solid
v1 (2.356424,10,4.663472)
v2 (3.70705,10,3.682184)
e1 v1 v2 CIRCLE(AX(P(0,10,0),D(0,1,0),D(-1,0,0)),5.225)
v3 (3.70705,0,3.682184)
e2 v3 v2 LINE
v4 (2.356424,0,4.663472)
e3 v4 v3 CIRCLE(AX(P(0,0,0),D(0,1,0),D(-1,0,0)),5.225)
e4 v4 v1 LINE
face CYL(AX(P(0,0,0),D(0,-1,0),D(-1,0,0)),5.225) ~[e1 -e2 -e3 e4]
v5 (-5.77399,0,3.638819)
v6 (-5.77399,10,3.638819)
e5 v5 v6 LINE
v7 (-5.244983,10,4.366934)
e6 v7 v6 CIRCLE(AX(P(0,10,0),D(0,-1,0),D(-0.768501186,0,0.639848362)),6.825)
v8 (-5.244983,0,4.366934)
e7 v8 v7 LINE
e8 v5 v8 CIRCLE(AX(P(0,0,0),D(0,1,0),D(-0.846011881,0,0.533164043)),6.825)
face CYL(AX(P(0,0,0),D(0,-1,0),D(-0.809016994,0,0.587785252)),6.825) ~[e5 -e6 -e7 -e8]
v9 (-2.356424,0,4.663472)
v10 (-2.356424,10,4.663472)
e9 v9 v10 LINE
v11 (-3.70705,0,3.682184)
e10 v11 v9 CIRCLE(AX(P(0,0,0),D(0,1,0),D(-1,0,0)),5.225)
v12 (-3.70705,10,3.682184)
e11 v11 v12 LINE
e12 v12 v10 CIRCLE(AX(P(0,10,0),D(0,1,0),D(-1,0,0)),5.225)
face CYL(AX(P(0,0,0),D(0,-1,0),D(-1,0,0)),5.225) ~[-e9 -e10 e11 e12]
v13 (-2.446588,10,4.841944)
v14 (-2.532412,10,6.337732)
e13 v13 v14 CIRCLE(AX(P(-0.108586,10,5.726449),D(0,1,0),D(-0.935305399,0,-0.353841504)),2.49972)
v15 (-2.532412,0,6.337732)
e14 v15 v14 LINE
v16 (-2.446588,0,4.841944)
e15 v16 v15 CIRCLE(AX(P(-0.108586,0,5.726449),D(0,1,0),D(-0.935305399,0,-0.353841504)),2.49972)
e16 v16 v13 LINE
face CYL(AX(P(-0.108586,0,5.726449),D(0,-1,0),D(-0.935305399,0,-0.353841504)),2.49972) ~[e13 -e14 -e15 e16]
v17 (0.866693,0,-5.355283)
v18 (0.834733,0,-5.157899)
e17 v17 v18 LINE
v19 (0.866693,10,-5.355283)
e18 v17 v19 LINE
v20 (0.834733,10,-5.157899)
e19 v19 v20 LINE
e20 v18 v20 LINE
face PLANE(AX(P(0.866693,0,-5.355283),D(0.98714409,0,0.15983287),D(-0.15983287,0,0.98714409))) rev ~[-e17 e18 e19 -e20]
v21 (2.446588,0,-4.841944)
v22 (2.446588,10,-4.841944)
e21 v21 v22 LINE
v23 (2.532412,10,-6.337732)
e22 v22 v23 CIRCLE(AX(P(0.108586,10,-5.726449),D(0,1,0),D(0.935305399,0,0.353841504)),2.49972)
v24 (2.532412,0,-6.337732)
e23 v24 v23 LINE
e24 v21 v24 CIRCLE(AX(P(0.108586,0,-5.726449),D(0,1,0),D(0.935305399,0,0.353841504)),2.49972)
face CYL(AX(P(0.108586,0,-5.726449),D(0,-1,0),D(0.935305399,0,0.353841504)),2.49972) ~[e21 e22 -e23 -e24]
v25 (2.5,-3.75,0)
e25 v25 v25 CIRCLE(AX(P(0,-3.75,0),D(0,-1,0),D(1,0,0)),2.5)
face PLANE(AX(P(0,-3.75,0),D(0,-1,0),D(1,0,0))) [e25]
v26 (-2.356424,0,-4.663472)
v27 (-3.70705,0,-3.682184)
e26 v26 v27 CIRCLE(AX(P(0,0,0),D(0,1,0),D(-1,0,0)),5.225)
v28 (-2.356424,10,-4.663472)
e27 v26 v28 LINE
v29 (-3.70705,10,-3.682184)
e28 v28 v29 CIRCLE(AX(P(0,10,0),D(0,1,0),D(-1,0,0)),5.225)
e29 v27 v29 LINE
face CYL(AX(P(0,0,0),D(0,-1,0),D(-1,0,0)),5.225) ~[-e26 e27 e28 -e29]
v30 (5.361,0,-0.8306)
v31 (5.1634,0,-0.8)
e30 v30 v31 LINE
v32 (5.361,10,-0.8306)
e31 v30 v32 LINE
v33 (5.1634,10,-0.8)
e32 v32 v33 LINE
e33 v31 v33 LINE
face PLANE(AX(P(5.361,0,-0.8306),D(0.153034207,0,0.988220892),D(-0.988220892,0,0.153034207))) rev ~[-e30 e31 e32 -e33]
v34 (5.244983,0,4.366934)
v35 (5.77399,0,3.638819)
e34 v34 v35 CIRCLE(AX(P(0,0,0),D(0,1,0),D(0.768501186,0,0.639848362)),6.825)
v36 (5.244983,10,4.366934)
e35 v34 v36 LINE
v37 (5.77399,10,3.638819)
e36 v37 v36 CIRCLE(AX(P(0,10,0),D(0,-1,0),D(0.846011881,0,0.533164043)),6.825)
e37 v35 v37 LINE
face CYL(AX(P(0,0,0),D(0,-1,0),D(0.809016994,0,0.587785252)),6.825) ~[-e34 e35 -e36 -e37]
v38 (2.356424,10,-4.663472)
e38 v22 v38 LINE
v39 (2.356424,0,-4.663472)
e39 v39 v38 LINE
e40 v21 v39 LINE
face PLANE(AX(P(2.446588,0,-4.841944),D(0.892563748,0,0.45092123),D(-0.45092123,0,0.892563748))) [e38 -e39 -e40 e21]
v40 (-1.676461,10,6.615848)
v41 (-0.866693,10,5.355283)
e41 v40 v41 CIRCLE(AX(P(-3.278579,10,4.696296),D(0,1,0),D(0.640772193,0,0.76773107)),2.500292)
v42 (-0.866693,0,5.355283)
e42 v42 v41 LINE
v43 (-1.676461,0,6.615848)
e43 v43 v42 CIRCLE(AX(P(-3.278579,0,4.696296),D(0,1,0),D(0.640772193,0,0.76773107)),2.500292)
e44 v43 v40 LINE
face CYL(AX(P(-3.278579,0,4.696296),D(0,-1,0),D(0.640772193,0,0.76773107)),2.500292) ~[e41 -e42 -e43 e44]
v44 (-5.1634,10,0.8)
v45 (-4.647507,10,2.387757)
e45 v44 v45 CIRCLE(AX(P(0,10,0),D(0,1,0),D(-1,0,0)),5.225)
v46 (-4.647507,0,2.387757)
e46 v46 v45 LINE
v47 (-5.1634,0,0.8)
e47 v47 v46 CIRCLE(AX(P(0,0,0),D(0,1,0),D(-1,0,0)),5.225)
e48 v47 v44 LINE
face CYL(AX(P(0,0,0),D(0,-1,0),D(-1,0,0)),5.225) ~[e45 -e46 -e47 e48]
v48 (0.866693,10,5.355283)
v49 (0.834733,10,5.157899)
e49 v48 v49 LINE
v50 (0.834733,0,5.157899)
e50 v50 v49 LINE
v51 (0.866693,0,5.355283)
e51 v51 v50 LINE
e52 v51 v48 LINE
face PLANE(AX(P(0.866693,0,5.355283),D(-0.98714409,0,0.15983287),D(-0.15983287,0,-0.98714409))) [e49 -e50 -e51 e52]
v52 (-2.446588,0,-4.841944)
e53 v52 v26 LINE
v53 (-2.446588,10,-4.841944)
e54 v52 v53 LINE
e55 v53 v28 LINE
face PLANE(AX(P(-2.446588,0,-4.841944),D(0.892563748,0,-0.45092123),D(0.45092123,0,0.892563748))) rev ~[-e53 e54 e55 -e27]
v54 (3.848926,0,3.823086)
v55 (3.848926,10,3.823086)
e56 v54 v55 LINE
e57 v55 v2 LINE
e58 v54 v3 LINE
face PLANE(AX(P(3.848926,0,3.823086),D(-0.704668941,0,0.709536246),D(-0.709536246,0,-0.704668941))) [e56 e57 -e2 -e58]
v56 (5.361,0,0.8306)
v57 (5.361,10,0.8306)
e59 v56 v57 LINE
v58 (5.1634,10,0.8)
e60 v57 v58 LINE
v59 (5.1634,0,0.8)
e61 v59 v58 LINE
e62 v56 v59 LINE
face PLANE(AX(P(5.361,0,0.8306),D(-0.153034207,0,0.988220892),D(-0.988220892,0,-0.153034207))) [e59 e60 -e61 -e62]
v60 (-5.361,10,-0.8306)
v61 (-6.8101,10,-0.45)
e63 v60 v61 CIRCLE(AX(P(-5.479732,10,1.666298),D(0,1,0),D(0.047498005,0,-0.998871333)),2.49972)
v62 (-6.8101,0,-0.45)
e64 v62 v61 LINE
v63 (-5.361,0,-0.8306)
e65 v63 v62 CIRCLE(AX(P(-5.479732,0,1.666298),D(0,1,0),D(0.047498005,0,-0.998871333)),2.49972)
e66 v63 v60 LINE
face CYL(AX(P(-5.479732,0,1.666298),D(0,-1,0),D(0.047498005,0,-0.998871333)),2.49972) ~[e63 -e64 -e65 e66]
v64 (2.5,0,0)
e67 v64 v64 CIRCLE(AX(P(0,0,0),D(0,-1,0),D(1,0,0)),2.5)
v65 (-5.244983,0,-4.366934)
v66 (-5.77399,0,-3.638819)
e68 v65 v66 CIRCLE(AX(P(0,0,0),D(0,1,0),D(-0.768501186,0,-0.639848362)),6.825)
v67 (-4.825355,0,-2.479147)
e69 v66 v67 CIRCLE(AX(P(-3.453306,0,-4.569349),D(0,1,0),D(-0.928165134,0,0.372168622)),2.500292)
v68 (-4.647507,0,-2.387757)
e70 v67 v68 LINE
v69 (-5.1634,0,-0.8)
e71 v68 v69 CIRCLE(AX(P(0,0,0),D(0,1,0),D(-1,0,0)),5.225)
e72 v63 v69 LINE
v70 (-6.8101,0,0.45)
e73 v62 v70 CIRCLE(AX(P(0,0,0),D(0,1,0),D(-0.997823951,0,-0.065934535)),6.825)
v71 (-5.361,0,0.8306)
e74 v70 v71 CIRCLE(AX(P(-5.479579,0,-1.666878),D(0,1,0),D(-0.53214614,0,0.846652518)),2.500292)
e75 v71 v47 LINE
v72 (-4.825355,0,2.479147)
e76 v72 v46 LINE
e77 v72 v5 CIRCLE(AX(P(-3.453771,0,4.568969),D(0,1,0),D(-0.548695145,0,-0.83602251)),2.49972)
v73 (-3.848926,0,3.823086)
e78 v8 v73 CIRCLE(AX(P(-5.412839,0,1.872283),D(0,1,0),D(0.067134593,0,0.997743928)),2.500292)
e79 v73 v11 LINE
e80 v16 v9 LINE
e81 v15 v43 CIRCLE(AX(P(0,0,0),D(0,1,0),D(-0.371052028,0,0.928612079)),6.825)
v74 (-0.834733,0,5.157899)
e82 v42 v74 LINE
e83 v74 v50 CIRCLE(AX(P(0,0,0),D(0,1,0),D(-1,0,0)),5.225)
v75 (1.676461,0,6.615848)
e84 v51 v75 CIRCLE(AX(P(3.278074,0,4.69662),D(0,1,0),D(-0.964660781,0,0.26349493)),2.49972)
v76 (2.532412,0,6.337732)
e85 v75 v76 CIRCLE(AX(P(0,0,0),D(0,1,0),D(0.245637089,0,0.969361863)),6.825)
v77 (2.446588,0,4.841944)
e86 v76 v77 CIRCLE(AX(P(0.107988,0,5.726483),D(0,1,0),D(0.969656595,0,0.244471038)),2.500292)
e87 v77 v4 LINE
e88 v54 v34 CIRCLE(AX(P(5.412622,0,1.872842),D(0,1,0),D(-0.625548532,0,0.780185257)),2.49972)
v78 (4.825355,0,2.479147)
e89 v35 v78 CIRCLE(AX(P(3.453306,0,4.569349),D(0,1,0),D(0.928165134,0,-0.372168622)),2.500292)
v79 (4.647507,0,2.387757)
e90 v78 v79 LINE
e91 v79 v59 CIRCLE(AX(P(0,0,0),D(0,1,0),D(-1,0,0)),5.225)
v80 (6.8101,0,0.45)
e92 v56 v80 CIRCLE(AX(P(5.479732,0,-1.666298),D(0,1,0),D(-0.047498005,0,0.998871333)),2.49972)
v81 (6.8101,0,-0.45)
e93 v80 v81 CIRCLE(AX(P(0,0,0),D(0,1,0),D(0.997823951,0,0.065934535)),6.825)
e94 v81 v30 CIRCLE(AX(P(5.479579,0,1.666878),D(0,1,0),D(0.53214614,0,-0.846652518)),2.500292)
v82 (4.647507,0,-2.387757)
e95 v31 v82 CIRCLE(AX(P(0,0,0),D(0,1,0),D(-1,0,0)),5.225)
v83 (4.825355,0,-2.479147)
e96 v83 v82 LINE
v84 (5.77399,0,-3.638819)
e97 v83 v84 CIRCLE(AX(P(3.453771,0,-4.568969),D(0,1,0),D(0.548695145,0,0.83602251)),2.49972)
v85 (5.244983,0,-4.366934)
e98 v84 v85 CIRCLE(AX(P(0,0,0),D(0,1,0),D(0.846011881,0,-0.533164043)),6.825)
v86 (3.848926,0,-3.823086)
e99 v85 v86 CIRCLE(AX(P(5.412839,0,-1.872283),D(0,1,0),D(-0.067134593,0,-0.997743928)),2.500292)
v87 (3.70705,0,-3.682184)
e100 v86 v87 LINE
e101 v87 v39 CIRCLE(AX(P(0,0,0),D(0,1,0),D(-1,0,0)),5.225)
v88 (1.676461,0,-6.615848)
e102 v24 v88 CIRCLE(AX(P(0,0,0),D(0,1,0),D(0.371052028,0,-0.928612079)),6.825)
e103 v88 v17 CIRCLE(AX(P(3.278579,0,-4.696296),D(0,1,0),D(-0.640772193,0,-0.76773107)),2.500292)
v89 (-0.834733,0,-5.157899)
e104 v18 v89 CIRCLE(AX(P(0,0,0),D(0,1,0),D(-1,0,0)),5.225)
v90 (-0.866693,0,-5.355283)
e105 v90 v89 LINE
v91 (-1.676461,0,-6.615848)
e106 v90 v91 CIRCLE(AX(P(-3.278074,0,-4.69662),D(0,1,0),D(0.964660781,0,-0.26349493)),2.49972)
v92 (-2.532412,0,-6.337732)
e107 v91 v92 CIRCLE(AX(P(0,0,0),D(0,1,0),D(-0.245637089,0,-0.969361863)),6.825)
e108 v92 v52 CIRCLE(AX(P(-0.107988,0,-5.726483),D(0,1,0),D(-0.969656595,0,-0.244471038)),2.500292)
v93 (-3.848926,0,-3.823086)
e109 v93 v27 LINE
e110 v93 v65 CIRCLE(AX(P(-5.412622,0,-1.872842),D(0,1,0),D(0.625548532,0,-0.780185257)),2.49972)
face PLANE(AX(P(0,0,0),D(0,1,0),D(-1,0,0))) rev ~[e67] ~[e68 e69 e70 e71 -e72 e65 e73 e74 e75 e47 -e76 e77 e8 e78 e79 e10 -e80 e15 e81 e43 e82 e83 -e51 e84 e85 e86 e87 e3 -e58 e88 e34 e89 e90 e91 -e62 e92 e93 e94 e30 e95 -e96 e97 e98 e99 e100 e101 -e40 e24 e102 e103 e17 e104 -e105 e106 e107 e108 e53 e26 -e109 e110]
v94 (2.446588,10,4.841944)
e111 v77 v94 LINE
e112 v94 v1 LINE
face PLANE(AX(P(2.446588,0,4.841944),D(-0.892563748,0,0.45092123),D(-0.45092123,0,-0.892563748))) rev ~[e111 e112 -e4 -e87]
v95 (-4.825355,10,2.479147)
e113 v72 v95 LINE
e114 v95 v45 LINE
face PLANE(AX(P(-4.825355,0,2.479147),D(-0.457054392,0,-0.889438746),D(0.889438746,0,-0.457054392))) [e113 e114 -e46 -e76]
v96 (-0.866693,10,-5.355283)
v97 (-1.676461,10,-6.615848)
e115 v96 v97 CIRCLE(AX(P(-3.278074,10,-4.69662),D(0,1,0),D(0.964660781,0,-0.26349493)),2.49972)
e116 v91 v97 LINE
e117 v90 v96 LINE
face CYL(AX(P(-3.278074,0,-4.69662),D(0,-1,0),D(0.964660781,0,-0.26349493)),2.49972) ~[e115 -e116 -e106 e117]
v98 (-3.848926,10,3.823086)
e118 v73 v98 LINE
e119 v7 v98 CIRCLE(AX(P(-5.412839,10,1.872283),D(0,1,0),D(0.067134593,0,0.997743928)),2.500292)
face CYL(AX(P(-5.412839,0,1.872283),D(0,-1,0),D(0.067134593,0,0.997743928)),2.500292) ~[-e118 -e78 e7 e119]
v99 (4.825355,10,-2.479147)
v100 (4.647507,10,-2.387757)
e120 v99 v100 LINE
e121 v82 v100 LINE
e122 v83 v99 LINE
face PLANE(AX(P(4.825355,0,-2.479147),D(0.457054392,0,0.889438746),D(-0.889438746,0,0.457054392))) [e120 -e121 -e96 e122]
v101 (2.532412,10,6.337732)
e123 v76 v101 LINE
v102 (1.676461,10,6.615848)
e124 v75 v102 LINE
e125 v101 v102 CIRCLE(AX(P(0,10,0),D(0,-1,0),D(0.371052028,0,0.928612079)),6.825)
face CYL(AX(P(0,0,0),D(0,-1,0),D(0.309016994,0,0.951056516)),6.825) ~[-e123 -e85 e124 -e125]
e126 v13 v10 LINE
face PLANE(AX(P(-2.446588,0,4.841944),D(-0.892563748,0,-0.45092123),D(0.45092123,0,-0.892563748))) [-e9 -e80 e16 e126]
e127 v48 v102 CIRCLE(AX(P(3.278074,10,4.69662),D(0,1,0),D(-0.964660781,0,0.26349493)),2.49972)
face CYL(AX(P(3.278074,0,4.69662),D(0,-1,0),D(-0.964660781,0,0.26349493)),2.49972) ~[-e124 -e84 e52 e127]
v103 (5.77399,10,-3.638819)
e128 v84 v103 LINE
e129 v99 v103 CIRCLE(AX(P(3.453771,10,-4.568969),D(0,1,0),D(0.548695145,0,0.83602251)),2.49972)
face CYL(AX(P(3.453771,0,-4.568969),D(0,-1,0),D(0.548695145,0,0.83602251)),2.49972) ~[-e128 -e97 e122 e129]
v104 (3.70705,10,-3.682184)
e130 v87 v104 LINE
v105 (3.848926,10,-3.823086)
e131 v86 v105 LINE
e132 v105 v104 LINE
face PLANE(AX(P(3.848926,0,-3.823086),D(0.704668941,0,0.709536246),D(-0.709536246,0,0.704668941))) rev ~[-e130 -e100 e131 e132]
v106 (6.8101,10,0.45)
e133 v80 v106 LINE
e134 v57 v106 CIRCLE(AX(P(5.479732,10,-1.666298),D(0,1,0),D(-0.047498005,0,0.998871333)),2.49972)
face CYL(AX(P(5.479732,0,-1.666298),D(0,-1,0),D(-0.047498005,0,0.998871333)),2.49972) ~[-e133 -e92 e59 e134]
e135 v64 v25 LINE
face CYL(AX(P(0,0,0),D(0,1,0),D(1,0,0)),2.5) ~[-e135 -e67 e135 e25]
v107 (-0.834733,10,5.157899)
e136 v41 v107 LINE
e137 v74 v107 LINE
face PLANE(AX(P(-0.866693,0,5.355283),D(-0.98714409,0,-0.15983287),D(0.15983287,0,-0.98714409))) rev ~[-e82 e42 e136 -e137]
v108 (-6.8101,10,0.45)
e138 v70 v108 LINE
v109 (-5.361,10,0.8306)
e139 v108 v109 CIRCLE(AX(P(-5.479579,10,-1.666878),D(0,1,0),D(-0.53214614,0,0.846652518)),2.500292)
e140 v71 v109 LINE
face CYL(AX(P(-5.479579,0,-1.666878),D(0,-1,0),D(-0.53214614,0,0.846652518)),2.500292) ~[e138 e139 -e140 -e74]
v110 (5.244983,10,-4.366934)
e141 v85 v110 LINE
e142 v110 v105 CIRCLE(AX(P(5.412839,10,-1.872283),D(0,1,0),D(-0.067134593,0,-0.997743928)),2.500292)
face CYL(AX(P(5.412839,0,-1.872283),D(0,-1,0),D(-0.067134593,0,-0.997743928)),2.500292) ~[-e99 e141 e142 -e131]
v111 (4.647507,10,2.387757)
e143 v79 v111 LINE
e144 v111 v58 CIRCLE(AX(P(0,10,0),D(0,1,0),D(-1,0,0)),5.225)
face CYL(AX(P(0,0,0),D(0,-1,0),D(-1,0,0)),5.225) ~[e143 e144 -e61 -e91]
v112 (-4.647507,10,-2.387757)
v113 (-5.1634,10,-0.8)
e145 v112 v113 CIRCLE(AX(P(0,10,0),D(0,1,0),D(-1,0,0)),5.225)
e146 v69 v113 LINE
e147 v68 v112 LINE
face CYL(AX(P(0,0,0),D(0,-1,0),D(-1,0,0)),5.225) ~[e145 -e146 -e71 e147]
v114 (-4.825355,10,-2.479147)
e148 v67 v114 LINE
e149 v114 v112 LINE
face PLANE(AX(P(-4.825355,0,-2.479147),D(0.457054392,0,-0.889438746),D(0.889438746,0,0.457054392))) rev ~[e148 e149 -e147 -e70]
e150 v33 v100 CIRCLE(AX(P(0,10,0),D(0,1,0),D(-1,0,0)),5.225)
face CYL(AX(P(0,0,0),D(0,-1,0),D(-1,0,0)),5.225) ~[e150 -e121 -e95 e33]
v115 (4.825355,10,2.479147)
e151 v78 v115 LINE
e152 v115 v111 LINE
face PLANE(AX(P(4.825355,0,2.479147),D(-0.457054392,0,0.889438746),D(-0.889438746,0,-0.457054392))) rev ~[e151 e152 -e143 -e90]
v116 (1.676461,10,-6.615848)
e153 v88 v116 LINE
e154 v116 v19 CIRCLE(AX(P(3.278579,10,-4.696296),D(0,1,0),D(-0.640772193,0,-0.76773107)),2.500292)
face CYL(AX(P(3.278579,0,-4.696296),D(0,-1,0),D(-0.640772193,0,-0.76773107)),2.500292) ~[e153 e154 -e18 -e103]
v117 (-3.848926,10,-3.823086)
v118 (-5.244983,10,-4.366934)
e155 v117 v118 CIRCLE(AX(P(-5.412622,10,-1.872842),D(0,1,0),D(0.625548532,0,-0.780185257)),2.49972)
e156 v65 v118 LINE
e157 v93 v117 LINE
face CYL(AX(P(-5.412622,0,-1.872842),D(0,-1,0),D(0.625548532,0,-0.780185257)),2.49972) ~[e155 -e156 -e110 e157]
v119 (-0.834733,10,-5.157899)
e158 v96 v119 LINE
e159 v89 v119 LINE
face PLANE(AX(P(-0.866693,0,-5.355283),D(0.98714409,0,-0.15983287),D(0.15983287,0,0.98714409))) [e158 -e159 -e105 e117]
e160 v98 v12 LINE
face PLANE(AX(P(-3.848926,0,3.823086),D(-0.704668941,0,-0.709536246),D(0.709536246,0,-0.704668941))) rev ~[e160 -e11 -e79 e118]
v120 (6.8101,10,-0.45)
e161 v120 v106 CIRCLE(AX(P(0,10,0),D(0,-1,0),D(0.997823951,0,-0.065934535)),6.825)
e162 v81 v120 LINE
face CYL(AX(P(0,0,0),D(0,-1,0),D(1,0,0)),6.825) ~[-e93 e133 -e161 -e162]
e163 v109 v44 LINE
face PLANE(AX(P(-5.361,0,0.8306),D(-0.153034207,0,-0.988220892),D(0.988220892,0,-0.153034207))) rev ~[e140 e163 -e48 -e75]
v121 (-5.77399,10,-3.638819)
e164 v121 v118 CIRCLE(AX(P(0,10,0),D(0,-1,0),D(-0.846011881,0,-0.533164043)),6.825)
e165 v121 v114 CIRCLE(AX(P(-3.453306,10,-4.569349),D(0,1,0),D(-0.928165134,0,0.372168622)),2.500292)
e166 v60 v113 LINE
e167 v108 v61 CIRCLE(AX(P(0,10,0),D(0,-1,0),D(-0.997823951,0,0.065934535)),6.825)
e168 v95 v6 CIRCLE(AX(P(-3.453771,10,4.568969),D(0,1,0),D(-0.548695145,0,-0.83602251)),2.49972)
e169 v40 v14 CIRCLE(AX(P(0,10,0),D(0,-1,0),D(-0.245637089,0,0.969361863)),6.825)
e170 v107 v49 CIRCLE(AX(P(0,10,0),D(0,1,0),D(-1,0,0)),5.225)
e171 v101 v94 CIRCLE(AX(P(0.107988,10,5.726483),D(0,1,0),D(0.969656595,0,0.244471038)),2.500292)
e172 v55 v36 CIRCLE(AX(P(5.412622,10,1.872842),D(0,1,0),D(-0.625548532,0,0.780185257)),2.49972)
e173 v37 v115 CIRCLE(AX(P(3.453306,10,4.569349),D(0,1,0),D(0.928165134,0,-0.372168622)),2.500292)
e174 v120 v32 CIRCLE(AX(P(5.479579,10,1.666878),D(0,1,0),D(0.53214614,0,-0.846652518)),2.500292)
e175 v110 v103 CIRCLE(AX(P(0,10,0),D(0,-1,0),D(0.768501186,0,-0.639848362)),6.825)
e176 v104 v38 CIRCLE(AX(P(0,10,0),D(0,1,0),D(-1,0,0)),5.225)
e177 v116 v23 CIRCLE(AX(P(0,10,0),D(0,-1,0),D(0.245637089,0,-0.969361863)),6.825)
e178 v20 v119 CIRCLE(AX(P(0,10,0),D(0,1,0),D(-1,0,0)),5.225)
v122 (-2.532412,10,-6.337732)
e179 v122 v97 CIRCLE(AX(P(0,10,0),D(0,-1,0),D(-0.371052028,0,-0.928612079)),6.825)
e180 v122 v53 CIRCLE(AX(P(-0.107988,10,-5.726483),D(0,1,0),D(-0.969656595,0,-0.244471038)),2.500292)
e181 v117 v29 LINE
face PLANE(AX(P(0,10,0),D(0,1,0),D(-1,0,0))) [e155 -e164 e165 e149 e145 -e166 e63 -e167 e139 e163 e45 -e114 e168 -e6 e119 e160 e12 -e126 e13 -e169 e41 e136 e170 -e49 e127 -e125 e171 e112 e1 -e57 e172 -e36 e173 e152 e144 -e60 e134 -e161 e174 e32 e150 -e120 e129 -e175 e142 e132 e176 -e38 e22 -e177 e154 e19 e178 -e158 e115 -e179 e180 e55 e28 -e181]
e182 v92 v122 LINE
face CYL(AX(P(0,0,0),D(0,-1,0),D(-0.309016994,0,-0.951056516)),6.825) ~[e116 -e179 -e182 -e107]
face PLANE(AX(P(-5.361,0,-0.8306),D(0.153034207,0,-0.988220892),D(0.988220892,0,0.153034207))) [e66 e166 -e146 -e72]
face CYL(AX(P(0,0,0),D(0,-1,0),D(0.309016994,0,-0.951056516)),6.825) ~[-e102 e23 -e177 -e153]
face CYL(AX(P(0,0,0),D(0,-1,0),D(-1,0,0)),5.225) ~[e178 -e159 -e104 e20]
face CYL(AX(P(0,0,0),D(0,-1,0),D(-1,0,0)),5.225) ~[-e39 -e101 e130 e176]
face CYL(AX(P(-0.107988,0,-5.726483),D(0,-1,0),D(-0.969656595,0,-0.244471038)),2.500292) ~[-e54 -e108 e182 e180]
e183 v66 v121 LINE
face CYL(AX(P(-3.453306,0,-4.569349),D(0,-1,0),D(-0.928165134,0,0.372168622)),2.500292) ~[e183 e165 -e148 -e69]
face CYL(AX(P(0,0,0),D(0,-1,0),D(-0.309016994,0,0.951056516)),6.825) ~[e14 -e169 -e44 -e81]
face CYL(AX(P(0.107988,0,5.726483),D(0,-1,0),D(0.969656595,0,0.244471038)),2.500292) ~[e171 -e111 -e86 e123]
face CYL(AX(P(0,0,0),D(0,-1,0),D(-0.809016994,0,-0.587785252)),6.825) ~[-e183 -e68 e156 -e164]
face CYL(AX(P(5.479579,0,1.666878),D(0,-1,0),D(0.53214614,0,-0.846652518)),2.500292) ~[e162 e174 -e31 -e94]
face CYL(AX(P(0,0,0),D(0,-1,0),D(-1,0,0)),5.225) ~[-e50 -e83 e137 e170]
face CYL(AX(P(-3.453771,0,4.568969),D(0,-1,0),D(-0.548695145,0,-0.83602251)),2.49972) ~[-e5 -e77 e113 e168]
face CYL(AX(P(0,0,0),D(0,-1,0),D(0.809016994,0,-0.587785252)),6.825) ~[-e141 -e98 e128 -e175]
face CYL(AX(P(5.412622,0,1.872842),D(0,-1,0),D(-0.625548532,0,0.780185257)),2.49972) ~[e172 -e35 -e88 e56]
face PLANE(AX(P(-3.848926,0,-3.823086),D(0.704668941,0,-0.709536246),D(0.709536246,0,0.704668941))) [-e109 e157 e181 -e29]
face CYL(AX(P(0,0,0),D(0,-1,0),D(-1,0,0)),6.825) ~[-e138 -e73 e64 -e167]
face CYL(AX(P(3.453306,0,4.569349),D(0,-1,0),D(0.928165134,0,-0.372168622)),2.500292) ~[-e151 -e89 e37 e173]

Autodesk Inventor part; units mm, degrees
ref_plane "YZ Plane" through (0, 0, 0) normal (1, 0, 0) x (0, 1, 0)
ref_plane "XZ Plane" through (0, 0, 0) normal (0, 1, 0) x (-1, 0, 0)
ref_plane "XY Plane" through (0, 0, 0) normal (0, 0, 1) x (1, 0, 0)
sketch "Sketch1" plane through (0, 0, 0) normal (0, 1, 0) x (-1, 0, 0)
  circle A0 centre (0, 0) radius 6.125 construction
  circle A1 centre (0, 0) radius 6.825
  circle A2 centre (0, 0) radius 5.225
  circle A3 centre (0, 0) radius 5.425 construction
  line L0 (0, 0) -> (5.225, 0) construction
  line L1 (6.825, 0) -> (5.1994, 0) construction
  line L2 (6.125, 0) -> (6.825, 0) construction
  line L3 (5.425, 0) -> (6.125, 0) construction
  line L4 (5.225, 0) -> (5.425, 0) construction
  line L5 (5.361, -0.8306) -> (5.1634, -0.8)
  arc A4 (5.361, -0.8306) -> (6.8101, -0.45) centre (5.4797, 1.6666) ccw
  line L6 (5.361, 0.8306) -> (5.1634, 0.8)
  arc A5 (6.8101, 0.45) -> (5.361, 0.8306) centre (5.4797, -1.6666) ccw
  point P0 (5.1634, 0.8)
  point P1 (6.8101, 0.45)
  dimension "d0" = 12.25
  dimension "d1" = 0.7
  dimension "d2" = 0.7
  dimension "d3" = 0.2
  dimension "d4" = 0.8
  dimension "d5" = 2.5
  dimension "d6" = 0.45
extrude "Extrusion1" add sketch "Sketch1" along normal blind 10 contours A1 A4 L5 A2 L6 A5 | A2 picked at (5.9792, 0)
pattern_circular "Circular Pattern1" count 10 over 360 about axis through (0, 0, 0) along (0, 1, 0) of "Extrusion1"
sketch "Sketch3" plane through (0, 0, 0) normal (0, -1, 0) x (1, 0, 0)
  arc A0 (-4.6475, 2.3878) -> (-5.1634, 0.8) centre (0, 0) ccw construction
  circle A1 centre (0, 0) radius 2.5
  dimension "d13" = 5
extrude "Extrusion2" add sketch "Sketch3" along normal blind 3.75
properties part number "planeta_V2"
